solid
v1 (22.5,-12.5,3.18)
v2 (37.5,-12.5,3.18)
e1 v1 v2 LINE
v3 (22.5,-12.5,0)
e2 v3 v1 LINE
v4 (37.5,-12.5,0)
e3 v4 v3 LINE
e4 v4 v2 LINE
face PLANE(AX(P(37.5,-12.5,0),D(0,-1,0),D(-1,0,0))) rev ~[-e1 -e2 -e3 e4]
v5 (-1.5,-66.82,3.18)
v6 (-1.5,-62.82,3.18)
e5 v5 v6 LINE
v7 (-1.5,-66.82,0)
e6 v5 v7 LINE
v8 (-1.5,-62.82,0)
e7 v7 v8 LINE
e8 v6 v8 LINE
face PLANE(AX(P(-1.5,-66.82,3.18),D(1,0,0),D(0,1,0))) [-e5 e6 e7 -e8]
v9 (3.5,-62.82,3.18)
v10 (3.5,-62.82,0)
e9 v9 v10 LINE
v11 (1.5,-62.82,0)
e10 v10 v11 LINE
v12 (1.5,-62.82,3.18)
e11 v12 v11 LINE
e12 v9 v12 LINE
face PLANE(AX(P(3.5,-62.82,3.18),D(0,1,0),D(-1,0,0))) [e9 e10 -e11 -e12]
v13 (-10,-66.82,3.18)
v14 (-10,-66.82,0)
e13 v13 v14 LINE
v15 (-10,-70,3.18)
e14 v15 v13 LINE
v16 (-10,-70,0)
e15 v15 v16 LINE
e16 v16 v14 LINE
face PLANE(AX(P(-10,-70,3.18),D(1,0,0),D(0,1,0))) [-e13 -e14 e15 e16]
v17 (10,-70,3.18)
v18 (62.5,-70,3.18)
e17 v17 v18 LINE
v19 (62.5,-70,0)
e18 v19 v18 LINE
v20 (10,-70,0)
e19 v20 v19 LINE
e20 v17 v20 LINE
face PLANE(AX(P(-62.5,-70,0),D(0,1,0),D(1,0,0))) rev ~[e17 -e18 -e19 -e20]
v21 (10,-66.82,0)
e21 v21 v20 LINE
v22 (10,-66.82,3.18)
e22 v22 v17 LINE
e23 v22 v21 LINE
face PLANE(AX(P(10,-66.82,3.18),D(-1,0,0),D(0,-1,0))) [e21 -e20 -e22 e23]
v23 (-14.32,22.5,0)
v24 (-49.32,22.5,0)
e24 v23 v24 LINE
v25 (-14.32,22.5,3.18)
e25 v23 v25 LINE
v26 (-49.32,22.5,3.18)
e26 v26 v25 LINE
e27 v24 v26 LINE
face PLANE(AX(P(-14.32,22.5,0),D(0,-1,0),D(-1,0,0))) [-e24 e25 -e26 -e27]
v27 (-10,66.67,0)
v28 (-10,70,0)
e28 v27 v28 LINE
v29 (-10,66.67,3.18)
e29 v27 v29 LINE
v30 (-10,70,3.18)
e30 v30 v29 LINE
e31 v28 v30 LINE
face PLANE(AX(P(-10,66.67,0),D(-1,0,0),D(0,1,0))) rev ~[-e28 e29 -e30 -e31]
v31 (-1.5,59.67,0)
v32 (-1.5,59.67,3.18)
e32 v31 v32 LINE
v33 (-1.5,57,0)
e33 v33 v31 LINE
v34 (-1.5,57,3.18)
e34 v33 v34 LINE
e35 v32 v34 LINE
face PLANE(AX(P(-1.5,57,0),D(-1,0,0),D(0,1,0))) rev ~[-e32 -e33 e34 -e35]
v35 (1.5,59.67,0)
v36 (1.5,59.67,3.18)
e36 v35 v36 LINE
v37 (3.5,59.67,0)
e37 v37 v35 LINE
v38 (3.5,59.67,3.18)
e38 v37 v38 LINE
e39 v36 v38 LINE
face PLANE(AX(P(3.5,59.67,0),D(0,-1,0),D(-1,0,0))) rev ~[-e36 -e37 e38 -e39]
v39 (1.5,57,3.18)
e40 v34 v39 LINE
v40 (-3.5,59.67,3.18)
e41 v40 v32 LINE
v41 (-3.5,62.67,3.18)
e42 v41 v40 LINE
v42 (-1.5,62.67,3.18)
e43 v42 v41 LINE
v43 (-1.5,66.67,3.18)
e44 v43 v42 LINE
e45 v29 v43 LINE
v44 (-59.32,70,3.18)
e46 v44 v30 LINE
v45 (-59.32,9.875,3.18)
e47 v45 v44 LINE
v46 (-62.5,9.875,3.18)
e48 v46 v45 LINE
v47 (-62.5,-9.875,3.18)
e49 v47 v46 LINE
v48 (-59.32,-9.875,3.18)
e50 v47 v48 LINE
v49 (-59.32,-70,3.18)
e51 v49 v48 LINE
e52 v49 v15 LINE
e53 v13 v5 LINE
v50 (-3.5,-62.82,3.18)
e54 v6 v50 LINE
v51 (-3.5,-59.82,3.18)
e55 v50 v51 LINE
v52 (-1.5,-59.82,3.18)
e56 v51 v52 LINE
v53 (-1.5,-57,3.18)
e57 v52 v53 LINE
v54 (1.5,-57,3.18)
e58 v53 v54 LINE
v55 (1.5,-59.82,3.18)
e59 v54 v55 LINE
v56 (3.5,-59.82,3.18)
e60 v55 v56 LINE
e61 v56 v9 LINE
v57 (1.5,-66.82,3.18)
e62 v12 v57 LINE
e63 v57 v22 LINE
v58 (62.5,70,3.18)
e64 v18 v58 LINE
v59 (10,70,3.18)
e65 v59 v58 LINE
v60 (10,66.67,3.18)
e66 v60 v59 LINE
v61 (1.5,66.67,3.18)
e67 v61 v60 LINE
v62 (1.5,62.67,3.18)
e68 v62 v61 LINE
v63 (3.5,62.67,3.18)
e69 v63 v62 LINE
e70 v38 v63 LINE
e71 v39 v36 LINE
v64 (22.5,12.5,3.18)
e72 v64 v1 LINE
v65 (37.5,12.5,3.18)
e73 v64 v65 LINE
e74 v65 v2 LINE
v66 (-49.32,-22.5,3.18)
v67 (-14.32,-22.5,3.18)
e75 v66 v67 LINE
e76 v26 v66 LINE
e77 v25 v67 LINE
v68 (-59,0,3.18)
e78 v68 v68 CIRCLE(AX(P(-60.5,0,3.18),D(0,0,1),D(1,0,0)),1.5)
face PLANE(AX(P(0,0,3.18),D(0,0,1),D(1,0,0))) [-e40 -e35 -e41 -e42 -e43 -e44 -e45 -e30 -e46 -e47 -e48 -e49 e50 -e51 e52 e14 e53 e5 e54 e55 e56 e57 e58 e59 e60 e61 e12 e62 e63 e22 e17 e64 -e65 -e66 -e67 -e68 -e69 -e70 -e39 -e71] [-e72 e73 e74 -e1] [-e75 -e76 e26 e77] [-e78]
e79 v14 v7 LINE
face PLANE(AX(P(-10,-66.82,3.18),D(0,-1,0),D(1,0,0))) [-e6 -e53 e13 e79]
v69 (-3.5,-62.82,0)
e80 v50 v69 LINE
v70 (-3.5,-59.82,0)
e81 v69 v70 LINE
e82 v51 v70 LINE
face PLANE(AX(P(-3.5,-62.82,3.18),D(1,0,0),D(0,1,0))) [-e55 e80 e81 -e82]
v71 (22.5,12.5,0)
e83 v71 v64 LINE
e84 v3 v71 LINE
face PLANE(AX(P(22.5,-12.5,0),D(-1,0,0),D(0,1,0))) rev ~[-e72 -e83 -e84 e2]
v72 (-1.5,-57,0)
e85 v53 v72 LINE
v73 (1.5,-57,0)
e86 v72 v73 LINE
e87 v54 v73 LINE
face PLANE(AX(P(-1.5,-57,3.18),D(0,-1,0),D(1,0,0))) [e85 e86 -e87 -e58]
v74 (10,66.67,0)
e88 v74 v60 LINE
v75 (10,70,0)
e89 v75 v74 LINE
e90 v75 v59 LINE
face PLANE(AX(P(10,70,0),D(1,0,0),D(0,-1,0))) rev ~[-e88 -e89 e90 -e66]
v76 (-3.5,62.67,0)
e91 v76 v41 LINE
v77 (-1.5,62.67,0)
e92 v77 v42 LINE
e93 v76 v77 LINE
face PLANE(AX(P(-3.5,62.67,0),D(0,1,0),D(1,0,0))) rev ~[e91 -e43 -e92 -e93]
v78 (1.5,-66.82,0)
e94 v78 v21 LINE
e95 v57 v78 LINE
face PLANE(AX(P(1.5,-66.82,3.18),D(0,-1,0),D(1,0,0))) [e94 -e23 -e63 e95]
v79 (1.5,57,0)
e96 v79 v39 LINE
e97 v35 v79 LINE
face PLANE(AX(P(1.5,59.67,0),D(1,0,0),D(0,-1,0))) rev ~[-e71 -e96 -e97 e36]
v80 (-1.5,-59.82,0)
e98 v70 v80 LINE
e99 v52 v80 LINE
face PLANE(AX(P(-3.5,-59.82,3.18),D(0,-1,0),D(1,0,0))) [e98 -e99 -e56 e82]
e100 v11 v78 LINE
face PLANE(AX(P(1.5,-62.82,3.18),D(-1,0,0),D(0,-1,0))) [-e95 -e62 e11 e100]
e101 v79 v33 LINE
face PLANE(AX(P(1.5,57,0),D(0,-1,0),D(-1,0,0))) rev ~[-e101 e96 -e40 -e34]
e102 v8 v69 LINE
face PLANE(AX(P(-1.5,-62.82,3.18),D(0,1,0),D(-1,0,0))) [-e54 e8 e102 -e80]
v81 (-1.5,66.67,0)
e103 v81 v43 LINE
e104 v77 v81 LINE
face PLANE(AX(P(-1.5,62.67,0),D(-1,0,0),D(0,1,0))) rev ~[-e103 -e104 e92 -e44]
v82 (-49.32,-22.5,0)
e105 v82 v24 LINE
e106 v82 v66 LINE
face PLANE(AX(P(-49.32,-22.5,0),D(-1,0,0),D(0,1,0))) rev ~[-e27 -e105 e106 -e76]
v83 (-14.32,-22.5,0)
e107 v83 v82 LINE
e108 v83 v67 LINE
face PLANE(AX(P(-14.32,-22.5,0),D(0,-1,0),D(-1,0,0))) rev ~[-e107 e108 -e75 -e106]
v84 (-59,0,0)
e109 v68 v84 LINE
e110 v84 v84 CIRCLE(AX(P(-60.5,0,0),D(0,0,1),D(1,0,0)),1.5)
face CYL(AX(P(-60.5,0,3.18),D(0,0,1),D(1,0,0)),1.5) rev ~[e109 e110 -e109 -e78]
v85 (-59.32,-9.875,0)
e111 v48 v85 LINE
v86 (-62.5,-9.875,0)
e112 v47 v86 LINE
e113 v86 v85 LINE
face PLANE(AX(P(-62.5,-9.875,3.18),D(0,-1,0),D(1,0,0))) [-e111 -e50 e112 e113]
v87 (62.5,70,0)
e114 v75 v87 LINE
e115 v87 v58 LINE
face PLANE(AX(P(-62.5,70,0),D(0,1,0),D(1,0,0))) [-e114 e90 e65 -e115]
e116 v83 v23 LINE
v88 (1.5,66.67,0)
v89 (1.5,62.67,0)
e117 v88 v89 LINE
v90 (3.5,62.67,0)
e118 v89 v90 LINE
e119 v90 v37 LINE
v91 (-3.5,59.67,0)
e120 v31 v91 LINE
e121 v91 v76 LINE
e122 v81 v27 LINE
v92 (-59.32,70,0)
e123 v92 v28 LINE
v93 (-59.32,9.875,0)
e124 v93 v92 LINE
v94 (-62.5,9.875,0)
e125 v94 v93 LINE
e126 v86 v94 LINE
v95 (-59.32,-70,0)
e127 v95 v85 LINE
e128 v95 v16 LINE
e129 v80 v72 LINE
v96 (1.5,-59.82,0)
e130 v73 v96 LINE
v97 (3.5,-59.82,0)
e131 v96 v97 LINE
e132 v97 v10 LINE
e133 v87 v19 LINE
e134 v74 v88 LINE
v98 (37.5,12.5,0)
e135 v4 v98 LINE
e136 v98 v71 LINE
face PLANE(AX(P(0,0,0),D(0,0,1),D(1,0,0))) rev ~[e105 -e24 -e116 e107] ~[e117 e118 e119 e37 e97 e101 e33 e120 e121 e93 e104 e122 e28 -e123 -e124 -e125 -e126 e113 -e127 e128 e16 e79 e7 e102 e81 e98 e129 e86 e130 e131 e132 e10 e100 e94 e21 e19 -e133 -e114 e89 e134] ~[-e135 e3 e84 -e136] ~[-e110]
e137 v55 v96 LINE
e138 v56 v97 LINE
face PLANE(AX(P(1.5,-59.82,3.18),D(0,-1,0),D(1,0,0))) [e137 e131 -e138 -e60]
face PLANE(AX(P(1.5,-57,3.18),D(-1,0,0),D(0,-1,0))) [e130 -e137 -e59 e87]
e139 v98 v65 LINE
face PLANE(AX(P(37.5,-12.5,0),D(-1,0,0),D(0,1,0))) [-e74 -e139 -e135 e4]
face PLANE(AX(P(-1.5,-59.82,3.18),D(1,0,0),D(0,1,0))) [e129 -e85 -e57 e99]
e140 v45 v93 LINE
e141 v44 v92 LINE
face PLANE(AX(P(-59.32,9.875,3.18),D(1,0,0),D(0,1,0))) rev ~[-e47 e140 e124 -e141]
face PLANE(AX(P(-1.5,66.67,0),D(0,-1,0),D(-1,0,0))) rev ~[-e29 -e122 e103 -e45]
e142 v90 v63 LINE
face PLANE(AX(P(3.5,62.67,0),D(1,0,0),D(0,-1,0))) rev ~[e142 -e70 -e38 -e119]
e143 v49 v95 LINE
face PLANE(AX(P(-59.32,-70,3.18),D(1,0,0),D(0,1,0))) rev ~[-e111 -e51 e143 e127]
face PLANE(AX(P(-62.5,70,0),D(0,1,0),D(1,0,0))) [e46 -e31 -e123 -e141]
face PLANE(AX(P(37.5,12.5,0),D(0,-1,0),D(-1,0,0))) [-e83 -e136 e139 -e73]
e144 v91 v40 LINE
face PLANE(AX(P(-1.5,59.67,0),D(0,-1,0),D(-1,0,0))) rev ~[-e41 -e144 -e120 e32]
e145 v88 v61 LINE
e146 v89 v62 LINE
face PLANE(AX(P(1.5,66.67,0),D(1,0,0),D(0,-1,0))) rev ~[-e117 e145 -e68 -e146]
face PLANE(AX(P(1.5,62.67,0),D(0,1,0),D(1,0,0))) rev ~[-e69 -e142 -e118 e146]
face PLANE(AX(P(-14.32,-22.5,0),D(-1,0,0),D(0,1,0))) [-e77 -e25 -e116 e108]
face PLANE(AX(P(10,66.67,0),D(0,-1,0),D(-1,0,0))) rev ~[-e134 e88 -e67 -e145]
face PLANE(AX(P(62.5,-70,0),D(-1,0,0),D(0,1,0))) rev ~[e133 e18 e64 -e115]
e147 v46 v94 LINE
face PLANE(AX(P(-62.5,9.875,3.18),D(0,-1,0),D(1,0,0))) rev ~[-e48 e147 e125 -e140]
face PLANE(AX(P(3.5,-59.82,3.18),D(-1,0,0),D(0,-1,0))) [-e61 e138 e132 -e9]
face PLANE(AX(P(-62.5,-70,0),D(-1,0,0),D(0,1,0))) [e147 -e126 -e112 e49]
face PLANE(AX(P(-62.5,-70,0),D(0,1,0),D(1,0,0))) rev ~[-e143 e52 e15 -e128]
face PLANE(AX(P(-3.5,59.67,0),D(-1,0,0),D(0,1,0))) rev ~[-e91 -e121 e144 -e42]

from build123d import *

# Parameters (mm, degrees)
SKETCH1_W           = 125
SKETCH1_H           = 140
BOSS_EXTRUDE1_DEPTH = 3.18
SKETCH2_R           = 1.5
SKETCH2_W           = 3.18
SKETCH2_H           = 60.125
SKETCH2_W_2         = 21.82
SKETCH2_H_2         = 64.054089404
SKETCH2_H_3         = 65
CUT_EXTRUDE1_DEPTH  = 4.18
SKETCH12_W          = 35
SKETCH12_H          = 45
CUT_EXTRUDE6_DEPTH  = 4.18
SKETCH13_W          = 15
SKETCH13_H          = 25
CUT_EXTRUDE7_DEPTH  = 4.18
CUT_EXTRUDE11_DEPTH = 10


with BuildPart() as part:
    # Sketch1 → Boss-Extrude1 (new body)
    with BuildSketch(Plane.XY):
        Rectangle(SKETCH1_W, SKETCH1_H)
    extrude(amount=BOSS_EXTRUDE1_DEPTH)

    # Sketch2 → Cut-Extrude1 (cut, through all)
    with BuildSketch(Plane.XY.offset(3.18)):
        with Locations((-60.5, 0)):
            Circle(SKETCH2_R)
        with Locations((85.5, 0)):
            Circle(SKETCH2_R)
        with Locations((-60.91, 39.9375)):
            Rectangle(SKETCH2_W, SKETCH2_H)
        with Locations((-60.91, -39.9375)):
            Rectangle(SKETCH2_W, SKETCH2_H)
        with Locations((73.41, -41.902044702)):
            Rectangle(SKETCH2_W_2, SKETCH2_H_2)
        with Locations((73.41, 42.625)):
            Rectangle(SKETCH2_W_2, SKETCH2_H_3)
        Polygon((1.5, -66.82), (10, -66.82), (10, -70), (-10, -70), (-10, -66.82), (-1.5, -66.82), (-1.5, -62.82), (-3.5, -62.82), (-3.5, -59.82), (-1.5, -59.82), (-1.5, -57), (1.5, -57), (1.5, -59.82), (3.5, -59.82), (3.5, -62.82), (1.5, -62.82), align=None)
    extrude(amount=-CUT_EXTRUDE1_DEPTH, mode=Mode.SUBTRACT)

    # Sketch12 → Cut-Extrude6 (cut, through all)
    with BuildSketch(Plane(origin=(0, 0, 0), x_dir=(-1, 0, 0), z_dir=(0, 0, -1))):
        with Locations((31.82, 0)):
            Rectangle(SKETCH12_W, SKETCH12_H)
    extrude(amount=-CUT_EXTRUDE6_DEPTH, mode=Mode.SUBTRACT)

    # Sketch13 → Cut-Extrude7 (cut, through all)
    with BuildSketch(Plane(origin=(0, 0, 0), x_dir=(-1, 0, 0), z_dir=(0, 0, -1))):
        with Locations((-30, 0)):
            Rectangle(SKETCH13_W, SKETCH13_H)
    extrude(amount=-CUT_EXTRUDE7_DEPTH, mode=Mode.SUBTRACT)

    # Sketch11 → Cut-Extrude11 (cut)
    with BuildSketch(Plane(origin=(0, 0, 0), x_dir=(-1, 0, 0), z_dir=(0, 0, -1))):
        Polygon((-10, 66.67), (-1.5, 66.67), (-1.5, 62.67), (-3.5, 62.67), (-3.5, 59.67), (-1.5, 59.67), (-1.5, 57), (1.5, 57), (1.5, 59.67), (3.5, 59.67), (3.5, 62.67), (1.5, 62.67), (1.5, 66.67), (10, 66.67), (10, 70), (-10, 70), align=None)
    extrude(amount=-CUT_EXTRUDE11_DEPTH, mode=Mode.SUBTRACT)


solid = part.part
